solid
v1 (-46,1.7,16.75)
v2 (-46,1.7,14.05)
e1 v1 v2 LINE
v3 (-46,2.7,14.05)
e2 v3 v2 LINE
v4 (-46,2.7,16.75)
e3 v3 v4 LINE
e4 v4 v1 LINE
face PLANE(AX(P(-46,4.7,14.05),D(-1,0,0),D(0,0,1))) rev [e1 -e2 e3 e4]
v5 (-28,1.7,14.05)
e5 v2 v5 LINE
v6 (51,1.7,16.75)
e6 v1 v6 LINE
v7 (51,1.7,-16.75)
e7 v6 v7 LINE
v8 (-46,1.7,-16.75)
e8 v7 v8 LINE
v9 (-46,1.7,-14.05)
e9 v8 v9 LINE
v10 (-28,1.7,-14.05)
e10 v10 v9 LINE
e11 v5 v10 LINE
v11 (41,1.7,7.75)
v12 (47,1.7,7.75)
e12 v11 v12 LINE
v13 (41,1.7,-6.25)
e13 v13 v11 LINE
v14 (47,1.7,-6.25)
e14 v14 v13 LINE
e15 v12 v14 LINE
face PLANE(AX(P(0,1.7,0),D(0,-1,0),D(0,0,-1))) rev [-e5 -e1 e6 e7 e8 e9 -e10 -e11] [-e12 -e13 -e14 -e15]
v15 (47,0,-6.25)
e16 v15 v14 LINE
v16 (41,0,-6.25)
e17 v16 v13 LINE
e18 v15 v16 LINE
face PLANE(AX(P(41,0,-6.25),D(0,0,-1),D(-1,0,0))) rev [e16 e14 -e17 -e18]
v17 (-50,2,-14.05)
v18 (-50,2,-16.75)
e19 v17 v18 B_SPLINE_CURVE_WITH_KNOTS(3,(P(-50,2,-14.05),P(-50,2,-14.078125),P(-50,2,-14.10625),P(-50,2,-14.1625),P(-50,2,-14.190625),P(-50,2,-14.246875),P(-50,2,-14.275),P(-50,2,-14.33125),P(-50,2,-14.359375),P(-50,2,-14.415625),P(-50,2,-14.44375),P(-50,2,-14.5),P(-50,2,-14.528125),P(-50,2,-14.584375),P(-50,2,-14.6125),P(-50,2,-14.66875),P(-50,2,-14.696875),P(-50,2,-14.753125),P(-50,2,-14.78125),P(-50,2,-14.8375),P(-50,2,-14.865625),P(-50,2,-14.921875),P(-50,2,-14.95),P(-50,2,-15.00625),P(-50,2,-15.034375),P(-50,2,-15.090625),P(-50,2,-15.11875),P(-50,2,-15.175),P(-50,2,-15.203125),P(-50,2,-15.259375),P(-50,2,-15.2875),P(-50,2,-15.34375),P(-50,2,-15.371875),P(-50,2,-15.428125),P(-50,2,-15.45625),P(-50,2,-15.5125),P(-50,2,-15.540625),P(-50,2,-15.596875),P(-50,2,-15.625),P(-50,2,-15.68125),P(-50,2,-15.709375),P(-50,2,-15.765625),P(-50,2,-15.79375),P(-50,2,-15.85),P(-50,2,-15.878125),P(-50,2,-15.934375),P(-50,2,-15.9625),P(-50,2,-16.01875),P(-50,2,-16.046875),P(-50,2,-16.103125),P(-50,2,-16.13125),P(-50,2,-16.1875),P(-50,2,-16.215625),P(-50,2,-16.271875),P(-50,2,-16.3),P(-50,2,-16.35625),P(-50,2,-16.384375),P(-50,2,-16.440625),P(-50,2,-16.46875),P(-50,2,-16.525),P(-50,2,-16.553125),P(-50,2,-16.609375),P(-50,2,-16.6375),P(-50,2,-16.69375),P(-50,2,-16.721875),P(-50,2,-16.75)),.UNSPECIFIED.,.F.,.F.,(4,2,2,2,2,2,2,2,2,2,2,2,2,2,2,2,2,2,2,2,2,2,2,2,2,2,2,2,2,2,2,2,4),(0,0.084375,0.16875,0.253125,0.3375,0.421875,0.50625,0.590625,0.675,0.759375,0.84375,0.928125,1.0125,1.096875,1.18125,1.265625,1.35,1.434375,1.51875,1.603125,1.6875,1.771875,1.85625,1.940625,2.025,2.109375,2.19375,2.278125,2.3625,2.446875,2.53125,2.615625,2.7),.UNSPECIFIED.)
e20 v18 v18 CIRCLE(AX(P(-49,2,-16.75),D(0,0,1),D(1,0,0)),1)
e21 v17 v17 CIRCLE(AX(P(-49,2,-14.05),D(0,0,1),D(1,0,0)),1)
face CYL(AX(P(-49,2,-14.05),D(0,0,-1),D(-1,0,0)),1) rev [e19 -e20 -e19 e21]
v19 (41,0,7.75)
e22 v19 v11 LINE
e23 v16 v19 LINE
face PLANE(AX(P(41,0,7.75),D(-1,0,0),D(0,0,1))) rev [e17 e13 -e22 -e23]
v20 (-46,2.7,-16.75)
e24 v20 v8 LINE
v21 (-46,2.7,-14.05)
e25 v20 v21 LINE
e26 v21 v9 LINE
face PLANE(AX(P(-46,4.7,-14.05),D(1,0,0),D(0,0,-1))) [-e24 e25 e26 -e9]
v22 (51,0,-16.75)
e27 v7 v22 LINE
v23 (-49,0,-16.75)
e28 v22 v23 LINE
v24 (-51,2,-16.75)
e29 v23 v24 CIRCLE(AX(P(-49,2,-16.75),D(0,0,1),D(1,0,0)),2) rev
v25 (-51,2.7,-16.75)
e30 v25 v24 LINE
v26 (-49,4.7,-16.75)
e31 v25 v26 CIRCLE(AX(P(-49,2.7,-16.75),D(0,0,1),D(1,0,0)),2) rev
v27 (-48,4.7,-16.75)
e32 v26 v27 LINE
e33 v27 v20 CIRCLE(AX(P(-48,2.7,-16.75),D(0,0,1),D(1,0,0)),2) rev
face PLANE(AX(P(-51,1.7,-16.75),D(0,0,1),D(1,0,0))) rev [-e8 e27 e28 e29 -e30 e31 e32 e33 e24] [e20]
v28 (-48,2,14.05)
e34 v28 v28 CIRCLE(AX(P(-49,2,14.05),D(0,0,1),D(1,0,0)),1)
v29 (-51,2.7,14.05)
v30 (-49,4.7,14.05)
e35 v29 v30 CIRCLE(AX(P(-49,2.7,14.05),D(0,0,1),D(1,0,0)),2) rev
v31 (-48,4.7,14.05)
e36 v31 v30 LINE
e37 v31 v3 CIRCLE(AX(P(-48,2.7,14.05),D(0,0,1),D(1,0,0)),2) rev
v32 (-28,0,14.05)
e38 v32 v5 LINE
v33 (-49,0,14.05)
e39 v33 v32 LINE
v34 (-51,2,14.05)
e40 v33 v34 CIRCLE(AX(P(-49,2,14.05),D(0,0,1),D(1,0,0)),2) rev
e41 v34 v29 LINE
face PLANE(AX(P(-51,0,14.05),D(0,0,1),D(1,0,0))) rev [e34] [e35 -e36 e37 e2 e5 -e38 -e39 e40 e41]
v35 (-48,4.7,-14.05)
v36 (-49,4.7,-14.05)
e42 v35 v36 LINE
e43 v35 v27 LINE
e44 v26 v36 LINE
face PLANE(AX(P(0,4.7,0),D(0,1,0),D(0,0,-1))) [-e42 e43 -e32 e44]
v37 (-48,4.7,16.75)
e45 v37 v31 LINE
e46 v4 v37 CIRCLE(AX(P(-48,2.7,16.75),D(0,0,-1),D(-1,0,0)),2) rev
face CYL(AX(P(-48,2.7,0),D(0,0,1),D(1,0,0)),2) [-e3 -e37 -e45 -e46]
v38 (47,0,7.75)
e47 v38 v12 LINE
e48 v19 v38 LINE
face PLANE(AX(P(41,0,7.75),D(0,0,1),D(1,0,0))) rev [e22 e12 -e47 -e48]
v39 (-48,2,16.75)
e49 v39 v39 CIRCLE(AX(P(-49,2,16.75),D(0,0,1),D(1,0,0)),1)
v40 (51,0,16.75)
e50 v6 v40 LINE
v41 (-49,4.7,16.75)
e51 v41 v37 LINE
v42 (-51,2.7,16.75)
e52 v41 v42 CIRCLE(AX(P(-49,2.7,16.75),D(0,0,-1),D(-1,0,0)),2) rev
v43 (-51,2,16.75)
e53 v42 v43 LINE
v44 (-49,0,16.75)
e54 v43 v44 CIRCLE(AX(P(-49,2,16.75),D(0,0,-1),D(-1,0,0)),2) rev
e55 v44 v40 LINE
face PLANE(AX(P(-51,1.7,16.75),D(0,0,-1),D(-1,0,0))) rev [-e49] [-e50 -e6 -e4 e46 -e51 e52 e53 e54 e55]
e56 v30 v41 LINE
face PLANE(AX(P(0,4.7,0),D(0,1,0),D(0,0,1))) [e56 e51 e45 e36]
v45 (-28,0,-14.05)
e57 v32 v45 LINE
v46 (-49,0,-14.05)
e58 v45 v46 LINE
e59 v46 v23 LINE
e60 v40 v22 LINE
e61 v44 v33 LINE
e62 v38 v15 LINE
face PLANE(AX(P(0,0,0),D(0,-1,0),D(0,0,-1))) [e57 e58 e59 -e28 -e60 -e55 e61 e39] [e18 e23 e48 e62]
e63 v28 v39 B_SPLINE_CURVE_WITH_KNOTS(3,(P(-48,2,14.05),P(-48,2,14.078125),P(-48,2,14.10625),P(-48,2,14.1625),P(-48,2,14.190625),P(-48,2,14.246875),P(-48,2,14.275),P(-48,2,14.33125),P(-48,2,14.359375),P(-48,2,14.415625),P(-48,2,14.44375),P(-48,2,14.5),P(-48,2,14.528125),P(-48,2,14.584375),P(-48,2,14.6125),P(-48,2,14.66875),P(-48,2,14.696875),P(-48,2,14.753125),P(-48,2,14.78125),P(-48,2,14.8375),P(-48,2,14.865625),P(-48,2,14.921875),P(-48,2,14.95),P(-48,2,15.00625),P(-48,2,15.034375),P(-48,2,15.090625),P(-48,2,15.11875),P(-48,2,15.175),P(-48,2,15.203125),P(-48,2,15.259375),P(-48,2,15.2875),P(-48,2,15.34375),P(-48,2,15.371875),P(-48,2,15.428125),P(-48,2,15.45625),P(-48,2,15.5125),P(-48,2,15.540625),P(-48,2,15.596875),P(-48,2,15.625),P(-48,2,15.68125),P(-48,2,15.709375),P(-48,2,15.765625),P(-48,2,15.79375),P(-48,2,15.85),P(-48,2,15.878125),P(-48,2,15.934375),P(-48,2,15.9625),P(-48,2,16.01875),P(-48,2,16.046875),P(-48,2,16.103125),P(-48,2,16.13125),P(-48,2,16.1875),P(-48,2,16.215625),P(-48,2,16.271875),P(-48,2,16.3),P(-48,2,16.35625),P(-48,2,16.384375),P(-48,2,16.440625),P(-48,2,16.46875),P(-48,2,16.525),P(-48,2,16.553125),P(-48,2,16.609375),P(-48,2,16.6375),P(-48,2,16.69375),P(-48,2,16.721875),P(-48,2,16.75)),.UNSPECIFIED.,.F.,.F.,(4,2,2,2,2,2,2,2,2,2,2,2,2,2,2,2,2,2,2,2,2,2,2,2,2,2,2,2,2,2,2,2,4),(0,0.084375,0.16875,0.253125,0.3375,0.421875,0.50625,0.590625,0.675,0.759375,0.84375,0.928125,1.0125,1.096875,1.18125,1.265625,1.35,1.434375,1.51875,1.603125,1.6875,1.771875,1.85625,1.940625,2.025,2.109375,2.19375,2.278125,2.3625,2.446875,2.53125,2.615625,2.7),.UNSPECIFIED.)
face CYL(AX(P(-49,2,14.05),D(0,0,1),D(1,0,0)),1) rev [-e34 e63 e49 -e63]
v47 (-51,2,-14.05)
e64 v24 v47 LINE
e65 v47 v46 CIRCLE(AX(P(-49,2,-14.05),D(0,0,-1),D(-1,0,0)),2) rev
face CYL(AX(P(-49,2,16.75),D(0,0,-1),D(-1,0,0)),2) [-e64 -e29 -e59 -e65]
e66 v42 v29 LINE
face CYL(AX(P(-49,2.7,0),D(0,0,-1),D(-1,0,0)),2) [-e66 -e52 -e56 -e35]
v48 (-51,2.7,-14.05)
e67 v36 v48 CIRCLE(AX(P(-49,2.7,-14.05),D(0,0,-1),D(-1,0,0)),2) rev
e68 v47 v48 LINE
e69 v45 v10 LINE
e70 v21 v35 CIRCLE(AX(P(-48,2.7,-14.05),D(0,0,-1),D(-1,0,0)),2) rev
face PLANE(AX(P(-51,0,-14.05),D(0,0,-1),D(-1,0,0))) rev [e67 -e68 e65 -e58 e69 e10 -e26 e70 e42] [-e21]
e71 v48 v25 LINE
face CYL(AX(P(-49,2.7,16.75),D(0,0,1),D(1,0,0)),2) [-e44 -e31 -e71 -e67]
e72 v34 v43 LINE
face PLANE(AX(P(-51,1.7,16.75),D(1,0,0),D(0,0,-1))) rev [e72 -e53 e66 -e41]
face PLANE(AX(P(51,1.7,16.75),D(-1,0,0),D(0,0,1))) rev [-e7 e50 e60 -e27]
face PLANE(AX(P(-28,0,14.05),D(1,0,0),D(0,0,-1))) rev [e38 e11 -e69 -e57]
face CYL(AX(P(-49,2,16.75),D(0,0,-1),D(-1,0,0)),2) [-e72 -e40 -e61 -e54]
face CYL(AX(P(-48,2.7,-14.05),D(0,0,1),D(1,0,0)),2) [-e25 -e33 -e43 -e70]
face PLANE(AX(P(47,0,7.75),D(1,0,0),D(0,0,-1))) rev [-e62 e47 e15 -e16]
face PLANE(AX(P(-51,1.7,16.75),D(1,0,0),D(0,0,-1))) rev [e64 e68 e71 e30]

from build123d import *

# Parameters (mm, degrees)
SKETCH1_W            = 102
SKETCH1_H            = 33.5
BOSS_EXTRUDE1_DEPTH  = 1.7
SKETCH2_W            = 23
SKETCH2_H            = 28.1
CUT_EXTRUDE1_DEPTH   = 1.7
SKETCH4_W            = 5
SKETCH4_H            = 2.7
BOSS_EXTRUDE2_DEPTH  = 3
SKETCH5_R            = 1
CUT_EXTRUDE2_DEPTH   = 2.7
FILLET1_R            = 2
FILLET1_OF_MIRROR2_R = 2
SKETCH10_W           = 6
SKETCH10_H           = 14
CUT_EXTRUDE3_DEPTH   = 1.7


with BuildPart() as part:
    # Sketch1 → Boss-Extrude1 (new body)
    with BuildSketch(Plane(origin=(0, 0, 0), x_dir=(1, 0, 0), z_dir=(0, 1, 0))):
        Rectangle(SKETCH1_W, SKETCH1_H)
    extrude(amount=BOSS_EXTRUDE1_DEPTH)

    # Sketch2 → Cut-Extrude1 (cut)
    with BuildSketch(Plane(origin=(0, 1.7, 0), x_dir=(1, 0, 0), z_dir=(0, 1, 0))):
        with Locations((-39.5, 0)):
            Rectangle(SKETCH2_W, SKETCH2_H)
    extrude(amount=-CUT_EXTRUDE1_DEPTH, mode=Mode.SUBTRACT)

    # Sketch4 → Boss-Extrude2 (add)
    with BuildSketch(Plane(origin=(0, 1.7, 0), x_dir=(1, 0, 0), z_dir=(0, 1, 0))):
        with Locations((-48.5, -15.4)):
            Rectangle(SKETCH4_W, SKETCH4_H)
    boss_extrude2 = extrude(amount=BOSS_EXTRUDE2_DEPTH)

    # Sketch5 → Cut-Extrude2 (cut)
    with BuildSketch(Plane.XY.offset(16.75)):
        with Locations((-49, 2)):
            Circle(SKETCH5_R)
    cut_extrude2 = extrude(amount=-CUT_EXTRUDE2_DEPTH, mode=Mode.SUBTRACT)

    # Fillet1
    fillet1_edges = [part.edges().sort_by_distance(p)[0] for p in [
        (-51, 0, 15.4),
        (-51, 4.7, 15.4),
        (-46, 4.7, 15.4),
    ]]
    fillet(fillet1_edges, radius=FILLET1_R)

    # Mirror2: Boss-Extrude2, Cut-Extrude2 across plane
    add(boss_extrude2.mirror(Plane.XY))
    add(cut_extrude2.mirror(Plane.XY), mode=Mode.SUBTRACT)

    # Fillet1 of Mirror2
    fillet1_of_mirror2_edges = [part.edges().sort_by_distance(p)[0] for p in [
        (-51, 0, -15.4),
        (-51, 4.7, -15.4),
        (-46, 4.7, -15.4),
    ]]
    fillet(fillet1_of_mirror2_edges, radius=FILLET1_OF_MIRROR2_R)

    # Sketch10 → Cut-Extrude3 (cut)
    with BuildSketch(Plane(origin=(0, 1.7, 0), x_dir=(1, 0, 0), z_dir=(0, 1, 0))):
        with Locations((44, -0.75)):
            Rectangle(SKETCH10_W, SKETCH10_H)
    extrude(amount=-CUT_EXTRUDE3_DEPTH, mode=Mode.SUBTRACT)


solid = part.part
